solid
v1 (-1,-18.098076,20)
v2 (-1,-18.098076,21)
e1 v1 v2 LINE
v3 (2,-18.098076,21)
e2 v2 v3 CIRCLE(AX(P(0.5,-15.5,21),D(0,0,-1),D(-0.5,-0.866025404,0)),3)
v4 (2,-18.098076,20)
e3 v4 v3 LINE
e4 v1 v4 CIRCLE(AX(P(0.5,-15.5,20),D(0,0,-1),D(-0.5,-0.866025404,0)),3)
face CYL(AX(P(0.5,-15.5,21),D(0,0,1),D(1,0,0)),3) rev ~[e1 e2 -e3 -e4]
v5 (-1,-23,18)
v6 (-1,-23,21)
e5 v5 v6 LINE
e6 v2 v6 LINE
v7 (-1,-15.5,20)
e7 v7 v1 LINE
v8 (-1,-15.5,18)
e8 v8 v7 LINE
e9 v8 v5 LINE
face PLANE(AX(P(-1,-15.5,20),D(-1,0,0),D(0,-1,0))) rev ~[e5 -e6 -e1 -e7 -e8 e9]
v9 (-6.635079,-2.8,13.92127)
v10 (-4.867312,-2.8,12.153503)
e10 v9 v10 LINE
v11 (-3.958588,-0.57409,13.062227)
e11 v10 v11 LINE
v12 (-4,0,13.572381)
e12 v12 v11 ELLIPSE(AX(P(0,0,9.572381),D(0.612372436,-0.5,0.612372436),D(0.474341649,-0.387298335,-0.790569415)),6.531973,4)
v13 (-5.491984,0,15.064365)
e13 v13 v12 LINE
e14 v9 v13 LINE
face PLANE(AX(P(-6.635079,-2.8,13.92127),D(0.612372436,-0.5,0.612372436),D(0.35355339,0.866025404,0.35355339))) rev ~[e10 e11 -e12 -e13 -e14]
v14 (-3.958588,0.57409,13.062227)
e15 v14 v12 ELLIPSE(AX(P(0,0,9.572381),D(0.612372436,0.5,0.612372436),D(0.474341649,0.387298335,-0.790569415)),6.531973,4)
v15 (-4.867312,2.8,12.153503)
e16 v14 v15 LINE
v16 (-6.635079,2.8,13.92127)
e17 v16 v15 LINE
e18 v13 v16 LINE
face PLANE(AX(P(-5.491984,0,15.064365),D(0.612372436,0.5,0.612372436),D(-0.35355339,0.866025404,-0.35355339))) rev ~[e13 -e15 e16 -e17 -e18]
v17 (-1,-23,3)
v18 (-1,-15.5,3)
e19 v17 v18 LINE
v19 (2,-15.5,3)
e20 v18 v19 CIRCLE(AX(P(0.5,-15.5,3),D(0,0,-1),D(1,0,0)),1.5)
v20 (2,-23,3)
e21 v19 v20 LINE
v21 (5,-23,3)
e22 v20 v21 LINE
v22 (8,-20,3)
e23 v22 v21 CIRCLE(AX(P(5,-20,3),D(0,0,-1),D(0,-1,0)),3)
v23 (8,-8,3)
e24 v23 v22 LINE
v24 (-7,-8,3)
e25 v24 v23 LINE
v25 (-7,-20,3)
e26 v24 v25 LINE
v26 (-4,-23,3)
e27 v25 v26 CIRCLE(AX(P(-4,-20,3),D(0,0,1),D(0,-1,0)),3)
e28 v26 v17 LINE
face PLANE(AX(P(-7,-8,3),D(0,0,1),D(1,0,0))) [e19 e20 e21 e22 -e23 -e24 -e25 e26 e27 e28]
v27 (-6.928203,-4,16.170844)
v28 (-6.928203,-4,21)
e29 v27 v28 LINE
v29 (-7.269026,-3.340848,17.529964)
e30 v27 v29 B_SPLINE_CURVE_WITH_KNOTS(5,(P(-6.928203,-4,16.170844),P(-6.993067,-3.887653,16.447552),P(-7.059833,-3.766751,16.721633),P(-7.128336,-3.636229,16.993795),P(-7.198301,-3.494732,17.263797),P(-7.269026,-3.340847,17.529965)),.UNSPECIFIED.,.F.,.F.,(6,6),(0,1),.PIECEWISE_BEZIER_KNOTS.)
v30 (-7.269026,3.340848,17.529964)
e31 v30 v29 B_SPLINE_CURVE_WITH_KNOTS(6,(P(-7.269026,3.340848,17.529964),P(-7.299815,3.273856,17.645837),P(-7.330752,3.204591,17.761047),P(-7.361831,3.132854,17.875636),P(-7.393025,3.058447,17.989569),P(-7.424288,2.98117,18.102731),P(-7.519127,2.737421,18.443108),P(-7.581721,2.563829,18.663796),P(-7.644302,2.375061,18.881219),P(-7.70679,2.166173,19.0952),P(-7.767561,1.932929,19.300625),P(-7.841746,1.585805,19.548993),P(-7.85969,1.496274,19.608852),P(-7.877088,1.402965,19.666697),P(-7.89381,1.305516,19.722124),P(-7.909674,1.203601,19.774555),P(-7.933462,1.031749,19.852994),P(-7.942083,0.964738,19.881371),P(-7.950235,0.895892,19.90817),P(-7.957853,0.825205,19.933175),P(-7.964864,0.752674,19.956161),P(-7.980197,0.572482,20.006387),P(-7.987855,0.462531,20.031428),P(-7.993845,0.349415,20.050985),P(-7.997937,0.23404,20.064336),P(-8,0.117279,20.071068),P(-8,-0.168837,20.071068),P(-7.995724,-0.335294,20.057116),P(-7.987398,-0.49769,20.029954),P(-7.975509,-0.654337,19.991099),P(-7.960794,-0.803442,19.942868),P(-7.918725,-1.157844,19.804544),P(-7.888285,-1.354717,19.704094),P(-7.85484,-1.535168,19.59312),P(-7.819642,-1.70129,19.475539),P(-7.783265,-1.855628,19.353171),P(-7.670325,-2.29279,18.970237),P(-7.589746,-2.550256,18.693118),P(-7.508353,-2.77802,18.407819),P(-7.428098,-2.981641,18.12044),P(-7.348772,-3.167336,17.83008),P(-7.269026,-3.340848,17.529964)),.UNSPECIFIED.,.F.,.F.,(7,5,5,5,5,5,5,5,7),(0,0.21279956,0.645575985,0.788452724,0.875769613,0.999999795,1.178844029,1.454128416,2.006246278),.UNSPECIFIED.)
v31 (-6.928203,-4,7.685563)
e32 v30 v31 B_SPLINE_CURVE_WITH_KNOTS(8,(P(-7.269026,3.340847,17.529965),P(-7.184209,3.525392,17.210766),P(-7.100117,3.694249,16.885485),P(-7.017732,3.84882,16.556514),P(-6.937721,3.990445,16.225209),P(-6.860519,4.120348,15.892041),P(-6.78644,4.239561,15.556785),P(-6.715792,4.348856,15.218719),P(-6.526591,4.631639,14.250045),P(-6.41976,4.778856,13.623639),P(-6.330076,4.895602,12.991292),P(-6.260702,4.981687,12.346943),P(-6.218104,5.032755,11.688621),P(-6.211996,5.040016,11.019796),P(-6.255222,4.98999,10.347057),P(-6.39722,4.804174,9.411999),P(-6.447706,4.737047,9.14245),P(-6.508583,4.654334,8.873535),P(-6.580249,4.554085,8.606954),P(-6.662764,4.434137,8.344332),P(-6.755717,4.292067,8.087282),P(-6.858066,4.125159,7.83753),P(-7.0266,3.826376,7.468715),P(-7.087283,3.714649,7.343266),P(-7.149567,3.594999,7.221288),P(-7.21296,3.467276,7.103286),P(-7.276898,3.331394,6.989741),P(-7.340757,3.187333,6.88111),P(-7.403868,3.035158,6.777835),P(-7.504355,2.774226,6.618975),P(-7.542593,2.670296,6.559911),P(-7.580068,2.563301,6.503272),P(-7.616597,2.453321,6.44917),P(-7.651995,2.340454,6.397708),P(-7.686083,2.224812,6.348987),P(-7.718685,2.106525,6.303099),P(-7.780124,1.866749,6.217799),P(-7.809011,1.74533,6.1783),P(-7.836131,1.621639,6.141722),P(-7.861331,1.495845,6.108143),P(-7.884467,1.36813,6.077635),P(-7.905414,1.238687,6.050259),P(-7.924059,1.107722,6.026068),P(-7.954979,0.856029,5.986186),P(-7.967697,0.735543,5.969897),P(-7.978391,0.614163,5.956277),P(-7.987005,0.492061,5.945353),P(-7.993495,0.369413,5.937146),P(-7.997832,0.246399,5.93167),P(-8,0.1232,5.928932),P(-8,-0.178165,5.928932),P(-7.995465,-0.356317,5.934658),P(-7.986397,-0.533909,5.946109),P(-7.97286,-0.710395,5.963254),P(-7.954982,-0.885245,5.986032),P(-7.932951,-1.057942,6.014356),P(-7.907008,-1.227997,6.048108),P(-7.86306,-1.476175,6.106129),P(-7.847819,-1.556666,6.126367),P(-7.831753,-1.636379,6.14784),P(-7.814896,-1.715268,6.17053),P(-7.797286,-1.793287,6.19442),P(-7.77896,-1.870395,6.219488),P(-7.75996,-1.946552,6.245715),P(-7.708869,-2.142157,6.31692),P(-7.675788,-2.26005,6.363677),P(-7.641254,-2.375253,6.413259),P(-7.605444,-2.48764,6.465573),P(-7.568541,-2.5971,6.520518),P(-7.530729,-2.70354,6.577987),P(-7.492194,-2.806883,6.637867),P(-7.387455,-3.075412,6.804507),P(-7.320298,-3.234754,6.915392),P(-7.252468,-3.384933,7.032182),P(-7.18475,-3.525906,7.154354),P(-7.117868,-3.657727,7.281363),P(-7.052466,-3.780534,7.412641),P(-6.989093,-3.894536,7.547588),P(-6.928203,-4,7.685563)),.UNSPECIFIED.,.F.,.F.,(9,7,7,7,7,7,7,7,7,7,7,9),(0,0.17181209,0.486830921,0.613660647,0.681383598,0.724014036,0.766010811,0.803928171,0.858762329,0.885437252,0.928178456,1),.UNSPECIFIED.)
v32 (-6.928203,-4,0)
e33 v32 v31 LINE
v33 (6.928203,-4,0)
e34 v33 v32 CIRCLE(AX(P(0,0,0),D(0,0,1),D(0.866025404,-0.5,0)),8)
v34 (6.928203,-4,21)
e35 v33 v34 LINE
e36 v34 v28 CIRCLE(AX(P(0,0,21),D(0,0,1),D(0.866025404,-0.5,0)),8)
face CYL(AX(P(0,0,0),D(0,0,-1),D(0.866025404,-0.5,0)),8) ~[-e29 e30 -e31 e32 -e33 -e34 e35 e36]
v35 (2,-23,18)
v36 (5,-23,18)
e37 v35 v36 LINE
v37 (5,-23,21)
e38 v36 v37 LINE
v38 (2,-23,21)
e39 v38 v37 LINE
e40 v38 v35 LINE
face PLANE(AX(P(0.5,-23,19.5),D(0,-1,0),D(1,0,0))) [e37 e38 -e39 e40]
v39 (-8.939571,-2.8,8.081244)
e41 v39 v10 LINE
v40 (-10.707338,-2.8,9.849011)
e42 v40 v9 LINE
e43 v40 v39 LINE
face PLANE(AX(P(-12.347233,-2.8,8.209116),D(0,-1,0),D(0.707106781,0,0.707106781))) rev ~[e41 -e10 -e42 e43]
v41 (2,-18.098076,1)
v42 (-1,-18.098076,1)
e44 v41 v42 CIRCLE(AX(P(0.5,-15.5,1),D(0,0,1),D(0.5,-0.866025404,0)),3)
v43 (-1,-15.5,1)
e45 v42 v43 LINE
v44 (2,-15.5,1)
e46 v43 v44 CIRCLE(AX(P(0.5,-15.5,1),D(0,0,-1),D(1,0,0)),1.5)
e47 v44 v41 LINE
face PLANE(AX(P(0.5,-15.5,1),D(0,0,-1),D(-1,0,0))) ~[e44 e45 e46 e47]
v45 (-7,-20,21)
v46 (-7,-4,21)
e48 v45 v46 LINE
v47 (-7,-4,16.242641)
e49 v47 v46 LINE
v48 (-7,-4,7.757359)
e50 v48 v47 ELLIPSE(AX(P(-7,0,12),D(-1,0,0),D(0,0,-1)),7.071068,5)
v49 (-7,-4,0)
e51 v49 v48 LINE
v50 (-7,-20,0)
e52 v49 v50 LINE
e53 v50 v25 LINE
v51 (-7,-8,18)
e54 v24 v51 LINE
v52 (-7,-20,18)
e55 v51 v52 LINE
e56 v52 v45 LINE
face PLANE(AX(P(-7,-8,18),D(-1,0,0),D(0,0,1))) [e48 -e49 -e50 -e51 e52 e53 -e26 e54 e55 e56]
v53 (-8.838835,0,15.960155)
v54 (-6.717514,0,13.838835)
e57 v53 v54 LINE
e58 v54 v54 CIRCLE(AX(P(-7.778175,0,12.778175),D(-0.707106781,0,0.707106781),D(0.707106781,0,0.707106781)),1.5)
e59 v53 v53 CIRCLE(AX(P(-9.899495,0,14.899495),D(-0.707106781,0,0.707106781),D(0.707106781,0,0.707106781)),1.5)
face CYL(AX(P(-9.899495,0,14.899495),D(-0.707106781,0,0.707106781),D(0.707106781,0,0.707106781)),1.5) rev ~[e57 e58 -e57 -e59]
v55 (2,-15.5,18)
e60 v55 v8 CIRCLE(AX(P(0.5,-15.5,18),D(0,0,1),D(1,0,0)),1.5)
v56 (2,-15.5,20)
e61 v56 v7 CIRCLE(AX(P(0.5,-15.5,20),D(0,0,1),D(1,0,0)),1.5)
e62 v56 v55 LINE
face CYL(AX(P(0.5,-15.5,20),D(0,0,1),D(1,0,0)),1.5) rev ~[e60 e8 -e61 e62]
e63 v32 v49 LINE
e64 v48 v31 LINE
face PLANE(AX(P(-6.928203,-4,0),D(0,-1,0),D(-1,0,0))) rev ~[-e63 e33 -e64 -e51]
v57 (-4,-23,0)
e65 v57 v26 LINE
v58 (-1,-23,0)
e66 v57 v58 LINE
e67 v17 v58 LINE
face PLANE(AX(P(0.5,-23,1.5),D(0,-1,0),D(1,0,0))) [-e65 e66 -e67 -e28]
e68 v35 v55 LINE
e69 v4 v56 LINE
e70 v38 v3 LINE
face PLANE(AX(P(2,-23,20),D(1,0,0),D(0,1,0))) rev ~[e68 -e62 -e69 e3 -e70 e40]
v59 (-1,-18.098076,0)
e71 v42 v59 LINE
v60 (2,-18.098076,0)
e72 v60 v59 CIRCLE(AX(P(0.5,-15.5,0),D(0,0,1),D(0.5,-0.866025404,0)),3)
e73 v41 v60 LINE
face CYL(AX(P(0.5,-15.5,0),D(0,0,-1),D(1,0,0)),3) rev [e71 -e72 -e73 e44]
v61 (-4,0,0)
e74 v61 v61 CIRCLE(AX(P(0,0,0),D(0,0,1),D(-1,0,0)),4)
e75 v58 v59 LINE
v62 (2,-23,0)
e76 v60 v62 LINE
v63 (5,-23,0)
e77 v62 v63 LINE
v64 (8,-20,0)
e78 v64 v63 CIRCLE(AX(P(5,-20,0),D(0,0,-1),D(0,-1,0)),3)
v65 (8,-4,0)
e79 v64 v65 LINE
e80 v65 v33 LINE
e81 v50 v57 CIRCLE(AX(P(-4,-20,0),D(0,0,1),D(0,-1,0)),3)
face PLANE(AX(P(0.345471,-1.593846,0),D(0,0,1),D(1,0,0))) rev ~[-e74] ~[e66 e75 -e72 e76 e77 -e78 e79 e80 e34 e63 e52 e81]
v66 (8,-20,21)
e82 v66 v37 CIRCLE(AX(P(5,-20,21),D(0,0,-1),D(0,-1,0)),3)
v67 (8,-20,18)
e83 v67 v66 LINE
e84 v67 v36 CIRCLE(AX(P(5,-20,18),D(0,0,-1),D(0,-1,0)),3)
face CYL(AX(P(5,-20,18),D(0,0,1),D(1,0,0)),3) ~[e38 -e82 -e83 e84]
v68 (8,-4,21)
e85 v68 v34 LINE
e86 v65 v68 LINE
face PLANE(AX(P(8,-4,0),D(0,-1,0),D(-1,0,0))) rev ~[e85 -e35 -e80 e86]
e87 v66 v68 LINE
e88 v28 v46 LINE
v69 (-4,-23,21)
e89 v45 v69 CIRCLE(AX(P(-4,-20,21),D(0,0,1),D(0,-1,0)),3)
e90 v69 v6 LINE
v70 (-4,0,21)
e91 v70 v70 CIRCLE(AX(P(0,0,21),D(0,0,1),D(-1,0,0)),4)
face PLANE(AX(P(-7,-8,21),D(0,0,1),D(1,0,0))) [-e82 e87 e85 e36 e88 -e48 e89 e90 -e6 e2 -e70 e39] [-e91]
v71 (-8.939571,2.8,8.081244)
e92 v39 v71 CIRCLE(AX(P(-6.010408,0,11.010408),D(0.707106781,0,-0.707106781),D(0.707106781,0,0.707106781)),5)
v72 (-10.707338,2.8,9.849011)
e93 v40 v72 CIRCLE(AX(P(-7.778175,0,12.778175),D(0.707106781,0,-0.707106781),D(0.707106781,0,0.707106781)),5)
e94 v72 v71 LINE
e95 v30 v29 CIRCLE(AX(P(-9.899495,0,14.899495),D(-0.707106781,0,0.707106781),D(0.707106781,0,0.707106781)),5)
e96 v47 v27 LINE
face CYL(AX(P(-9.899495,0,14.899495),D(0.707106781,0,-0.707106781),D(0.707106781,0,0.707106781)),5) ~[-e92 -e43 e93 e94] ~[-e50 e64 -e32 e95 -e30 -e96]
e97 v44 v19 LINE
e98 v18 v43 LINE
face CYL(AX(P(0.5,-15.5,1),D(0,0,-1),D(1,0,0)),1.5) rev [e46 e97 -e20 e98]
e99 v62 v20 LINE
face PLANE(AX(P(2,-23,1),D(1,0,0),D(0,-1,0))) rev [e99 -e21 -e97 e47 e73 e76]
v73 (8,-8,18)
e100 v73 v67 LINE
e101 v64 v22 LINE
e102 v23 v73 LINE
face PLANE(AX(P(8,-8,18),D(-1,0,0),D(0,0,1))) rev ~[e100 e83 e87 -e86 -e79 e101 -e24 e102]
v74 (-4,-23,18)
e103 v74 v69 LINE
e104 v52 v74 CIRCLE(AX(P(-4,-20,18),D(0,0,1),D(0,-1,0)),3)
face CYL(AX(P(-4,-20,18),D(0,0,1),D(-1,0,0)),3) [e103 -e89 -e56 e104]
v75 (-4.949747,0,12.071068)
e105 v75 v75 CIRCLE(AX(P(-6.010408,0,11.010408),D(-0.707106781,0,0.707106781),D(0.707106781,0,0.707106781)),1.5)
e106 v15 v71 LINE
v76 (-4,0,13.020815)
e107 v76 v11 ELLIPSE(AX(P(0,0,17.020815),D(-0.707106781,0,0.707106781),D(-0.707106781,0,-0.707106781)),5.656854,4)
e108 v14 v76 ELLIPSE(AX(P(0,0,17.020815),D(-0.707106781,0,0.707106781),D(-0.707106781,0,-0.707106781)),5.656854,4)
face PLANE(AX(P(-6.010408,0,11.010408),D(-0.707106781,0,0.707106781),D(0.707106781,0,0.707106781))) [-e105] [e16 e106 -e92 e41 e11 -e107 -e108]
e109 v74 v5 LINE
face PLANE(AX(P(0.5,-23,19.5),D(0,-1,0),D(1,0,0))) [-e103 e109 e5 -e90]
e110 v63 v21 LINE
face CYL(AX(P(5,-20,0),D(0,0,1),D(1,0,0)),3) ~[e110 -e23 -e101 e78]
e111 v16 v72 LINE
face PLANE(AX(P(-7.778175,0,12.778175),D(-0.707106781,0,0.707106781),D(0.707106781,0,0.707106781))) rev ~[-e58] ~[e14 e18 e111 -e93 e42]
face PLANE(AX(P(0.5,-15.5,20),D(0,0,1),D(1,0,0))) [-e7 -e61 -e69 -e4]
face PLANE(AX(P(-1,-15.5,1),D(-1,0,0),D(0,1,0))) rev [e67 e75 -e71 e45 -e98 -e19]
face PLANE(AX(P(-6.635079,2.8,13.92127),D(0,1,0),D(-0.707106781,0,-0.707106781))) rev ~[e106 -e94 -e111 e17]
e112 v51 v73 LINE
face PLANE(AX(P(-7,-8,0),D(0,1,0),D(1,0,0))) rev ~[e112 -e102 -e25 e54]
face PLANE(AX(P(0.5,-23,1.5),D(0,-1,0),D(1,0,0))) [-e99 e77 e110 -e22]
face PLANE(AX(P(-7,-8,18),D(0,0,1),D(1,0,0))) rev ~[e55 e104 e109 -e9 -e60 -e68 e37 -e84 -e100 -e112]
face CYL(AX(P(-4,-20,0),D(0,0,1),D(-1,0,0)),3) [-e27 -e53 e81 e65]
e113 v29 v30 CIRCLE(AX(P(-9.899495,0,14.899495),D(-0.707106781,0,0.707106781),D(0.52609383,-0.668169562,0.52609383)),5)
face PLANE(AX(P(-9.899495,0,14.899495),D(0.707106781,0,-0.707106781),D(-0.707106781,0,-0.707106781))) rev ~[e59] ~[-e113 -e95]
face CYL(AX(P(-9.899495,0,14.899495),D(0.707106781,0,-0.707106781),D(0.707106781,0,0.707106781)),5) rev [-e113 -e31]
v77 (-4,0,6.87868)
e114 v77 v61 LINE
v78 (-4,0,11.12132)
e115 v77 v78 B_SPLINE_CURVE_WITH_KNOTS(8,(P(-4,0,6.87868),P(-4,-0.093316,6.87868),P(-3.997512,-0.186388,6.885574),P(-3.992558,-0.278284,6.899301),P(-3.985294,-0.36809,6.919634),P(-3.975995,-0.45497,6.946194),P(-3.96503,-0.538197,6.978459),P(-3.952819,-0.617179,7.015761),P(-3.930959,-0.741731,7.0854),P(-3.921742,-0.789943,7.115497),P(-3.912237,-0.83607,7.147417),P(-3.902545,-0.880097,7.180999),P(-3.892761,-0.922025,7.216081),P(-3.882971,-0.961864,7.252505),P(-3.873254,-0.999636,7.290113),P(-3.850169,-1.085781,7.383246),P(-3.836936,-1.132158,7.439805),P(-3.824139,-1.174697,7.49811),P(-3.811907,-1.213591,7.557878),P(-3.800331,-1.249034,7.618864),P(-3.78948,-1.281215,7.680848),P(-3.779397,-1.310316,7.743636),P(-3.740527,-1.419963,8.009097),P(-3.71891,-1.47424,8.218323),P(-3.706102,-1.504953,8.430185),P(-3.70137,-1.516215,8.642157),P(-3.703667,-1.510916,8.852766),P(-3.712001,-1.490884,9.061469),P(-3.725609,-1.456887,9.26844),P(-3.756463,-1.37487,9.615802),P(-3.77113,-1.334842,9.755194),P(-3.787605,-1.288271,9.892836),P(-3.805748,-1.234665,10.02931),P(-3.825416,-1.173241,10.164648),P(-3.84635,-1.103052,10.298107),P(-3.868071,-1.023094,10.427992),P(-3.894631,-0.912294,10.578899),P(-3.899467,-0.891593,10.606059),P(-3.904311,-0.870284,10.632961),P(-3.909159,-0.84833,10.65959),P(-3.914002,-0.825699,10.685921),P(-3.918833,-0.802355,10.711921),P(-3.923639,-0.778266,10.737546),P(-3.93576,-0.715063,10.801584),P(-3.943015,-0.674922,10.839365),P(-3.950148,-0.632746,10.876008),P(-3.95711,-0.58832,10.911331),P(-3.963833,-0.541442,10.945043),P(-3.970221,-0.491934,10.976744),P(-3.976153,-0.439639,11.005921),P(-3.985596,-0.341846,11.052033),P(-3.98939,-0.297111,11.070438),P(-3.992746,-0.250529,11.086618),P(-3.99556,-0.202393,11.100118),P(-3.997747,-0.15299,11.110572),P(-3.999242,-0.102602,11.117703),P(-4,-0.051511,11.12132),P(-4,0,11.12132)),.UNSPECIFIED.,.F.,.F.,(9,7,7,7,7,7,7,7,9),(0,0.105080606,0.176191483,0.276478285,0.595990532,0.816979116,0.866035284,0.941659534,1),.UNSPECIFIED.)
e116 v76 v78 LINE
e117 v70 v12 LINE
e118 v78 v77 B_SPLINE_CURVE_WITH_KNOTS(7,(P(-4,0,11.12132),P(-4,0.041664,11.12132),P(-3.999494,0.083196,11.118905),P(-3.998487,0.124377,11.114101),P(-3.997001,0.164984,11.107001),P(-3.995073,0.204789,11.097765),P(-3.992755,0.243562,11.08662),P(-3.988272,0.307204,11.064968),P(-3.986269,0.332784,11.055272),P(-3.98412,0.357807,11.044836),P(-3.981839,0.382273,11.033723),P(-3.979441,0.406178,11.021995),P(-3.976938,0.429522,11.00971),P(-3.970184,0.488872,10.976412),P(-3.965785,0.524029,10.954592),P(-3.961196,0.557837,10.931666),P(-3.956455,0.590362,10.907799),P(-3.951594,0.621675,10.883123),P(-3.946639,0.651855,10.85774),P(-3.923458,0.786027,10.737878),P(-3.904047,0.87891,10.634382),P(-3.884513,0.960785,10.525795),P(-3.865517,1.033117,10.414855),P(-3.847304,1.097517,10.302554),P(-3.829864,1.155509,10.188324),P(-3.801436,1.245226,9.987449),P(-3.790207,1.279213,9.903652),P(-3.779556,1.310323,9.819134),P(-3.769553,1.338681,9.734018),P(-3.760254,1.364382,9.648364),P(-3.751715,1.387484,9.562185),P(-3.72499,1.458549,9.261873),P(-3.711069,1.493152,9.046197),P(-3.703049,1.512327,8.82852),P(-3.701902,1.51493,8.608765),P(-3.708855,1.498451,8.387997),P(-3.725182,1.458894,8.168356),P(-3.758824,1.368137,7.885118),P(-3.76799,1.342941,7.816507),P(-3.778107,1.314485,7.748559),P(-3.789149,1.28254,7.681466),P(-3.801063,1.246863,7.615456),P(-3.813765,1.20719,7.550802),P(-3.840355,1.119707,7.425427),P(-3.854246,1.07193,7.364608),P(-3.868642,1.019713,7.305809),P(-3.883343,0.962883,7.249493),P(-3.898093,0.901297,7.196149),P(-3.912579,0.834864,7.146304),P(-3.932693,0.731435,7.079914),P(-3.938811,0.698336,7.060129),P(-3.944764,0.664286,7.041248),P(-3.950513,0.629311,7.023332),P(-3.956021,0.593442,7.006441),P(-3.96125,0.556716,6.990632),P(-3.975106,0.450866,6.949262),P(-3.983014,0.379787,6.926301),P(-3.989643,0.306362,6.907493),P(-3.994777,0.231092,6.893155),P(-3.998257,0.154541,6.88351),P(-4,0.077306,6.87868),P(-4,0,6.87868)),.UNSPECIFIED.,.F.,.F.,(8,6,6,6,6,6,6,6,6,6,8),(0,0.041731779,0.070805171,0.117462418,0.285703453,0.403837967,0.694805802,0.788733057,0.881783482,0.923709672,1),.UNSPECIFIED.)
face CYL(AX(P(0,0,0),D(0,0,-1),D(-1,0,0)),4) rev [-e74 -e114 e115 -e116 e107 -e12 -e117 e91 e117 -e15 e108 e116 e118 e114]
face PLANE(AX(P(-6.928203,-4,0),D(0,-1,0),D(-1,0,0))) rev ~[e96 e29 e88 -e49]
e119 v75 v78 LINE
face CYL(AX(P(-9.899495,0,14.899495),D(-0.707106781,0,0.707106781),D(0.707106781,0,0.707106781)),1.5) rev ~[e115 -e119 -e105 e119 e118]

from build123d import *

# Parameters (mm, degrees)
SKETCH1_R           = 4
BOSS_EXTRUDE1_DEPTH = 21
SKETCH3_W           = 15
SKETCH3_H           = 3
BOSS_EXTRUDE2_DEPTH = 15
SKETCH4_R           = 3
CUT_EXTRUDE1_DEPTH  = 1
SKETCH5_R           = 1.5
CUT_EXTRUDE2_DEPTH  = 4
FILLET1_R           = 3
CUT_EXTRUDE3_START  = -27
SKETCH7_R           = 4
CUT_EXTRUDE3_DEPTH  = 27
SKETCH8_R           = 1.5
CUT_EXTRUDE4_DEPTH  = 14
CUT_EXTRUDE5_DEPTH  = 2.5
SKETCH10_R          = 5
CUT_EXTRUDE6_DEPTH  = 7.5


with BuildPart() as part:
    # Sketch1 → Boss-Extrude1 (new body)
    with BuildSketch(Plane.XY):
        with BuildLine():
            ThreePointArc((6.92820323, -4), (0, 8), (-6.92820323, -4))
            Line((-6.92820323, -4), (-7, -4))
            Line((-7, -4), (-7, -8))
            Line((-7, -8), (8, -8))
            Line((8, -8), (8, -4))
            Line((8, -4), (6.92820323, -4))
        make_face()
        with Locations(Location((0, 0, 0), (0, 0, 180))):
            Circle(SKETCH1_R, mode=Mode.SUBTRACT)
    extrude(amount=BOSS_EXTRUDE1_DEPTH)

    # Sketch3 → Boss-Extrude2 (add)
    with BuildSketch(Plane.XZ.offset(8)):
        with Locations((0.5, 19.5)):
            Rectangle(SKETCH3_W, SKETCH3_H)
        with Locations((0.5, 1.5)):
            Rectangle(SKETCH3_W, SKETCH3_H)
    extrude(amount=BOSS_EXTRUDE2_DEPTH)

    # Sketch4 → Cut-Extrude1 (cut)
    with BuildSketch(Plane.XY.offset(21)):
        with Locations((0.5, -15.5)):
            Circle(SKETCH4_R)
    cut_extrude1 = extrude(amount=-CUT_EXTRUDE1_DEPTH, mode=Mode.SUBTRACT)

    # Sketch5 → Cut-Extrude2 (cut, symmetric)
    with BuildSketch(Plane.XY.offset(20)):
        with Locations((0.5, -15.5)):
            Circle(SKETCH5_R)
        with BuildLine():
            Line((2, -18.098076211), (2, -15.5))
            ThreePointArc((2, -15.5), (0.5, -17), (-1, -15.5))
            Line((-1, -15.5), (-1, -18.098076211))
            ThreePointArc((-1, -18.098076211), (0.5, -18.5), (2, -18.098076211))
        make_face()
        with BuildLine():
            Line((2, -23), (2, -18.098076211))
            ThreePointArc((2, -18.098076211), (0.5, -18.5), (-1, -18.098076211))
            Line((-1, -18.098076211), (-1, -23))
            Line((-1, -23), (2, -23))
        make_face()
    cut_extrude2 = extrude(amount=CUT_EXTRUDE2_DEPTH, both=True, mode=Mode.SUBTRACT)

    # Mirror1: Cut-Extrude1, Cut-Extrude2 across plane
    add(cut_extrude1.mirror(Plane.XY.offset(10.5)), mode=Mode.SUBTRACT)
    add(cut_extrude2.mirror(Plane.XY.offset(10.5)), mode=Mode.SUBTRACT)

    # Fillet1
    fillet1_edges = [part.edges().sort_by_distance(p)[0] for p in [
        (8, -23, 19.5),
        (-7, -23, 19.5),
        (8, -23, 1.5),
        (-7, -23, 1.5),
    ]]
    fillet(fillet1_edges, radius=FILLET1_R)

    # Sketch6 → Revolve1 (revolve)
    with BuildSketch(Plane(origin=(0, 0, 0), x_dir=(1, 0, 0), z_dir=(0, 1, 0))):
        Polygon((-9.899494937, -14.899494937), (-6.363961031, -18.435028843), (0, -12.071067812), (-3.535533906, -8.535533906), align=None)
    revolve(axis=Axis((0, 0, 5), (-0.7071067811865487, 0, 0.7071067811865465)))

    # Sketch7 → Cut-Extrude3 (cut)
    with BuildSketch(Plane.XY.offset(21).offset(CUT_EXTRUDE3_START)):
        with Locations(Location((0, 0, 0), (0, 0, 180))):
            Circle(SKETCH7_R)
    extrude(amount=CUT_EXTRUDE3_DEPTH, mode=Mode.SUBTRACT)

    # Sketch8 → Cut-Extrude4 (cut)
    with BuildSketch(Plane(origin=(-12.399494937, 0, 12.399494937), x_dir=(0.7071067811865464, 0, 0.7071067811865487), z_dir=(-0.7071067811865487, 0, 0.7071067811865464))):
        with Locations((3.535533906, 0)):
            Circle(SKETCH8_R)
    extrude(amount=-CUT_EXTRUDE4_DEPTH, mode=Mode.SUBTRACT)

    # Sketch9 → Cut-Extrude5 (cut)
    with BuildSketch(Plane(origin=(-10.278174593, 0, 10.278174593), x_dir=(0.7071067811865464, 0, 0.7071067811865487), z_dir=(-0.7071067811865487, 0, 0.7071067811865464))):
        Polygon((1.918953152, -2.8), (5.15211466, -2.8), (6.768695413, 0), (5.15211466, 2.8), (1.918953152, 2.8), (0.302372398, 0), align=None)
        Polygon((-2.926090212, -2.8), (-2.926090212, 2.8), (1.918953152, 2.8), (0.302372398, 0), (1.918953152, -2.8), align=None)
    extrude(amount=-CUT_EXTRUDE5_DEPTH, mode=Mode.SUBTRACT)

    # Sketch10 → Cut-Extrude6 (cut)
    with BuildSketch(Plane(origin=(-12.399494937, 0, 12.399494937), x_dir=(0.7071067811865464, 0, 0.7071067811865487), z_dir=(-0.7071067811865487, 0, 0.7071067811865464))):
        with Locations((3.535533906, 0)):
            Circle(SKETCH10_R)
    extrude(amount=CUT_EXTRUDE6_DEPTH, mode=Mode.SUBTRACT)


solid = part.part
